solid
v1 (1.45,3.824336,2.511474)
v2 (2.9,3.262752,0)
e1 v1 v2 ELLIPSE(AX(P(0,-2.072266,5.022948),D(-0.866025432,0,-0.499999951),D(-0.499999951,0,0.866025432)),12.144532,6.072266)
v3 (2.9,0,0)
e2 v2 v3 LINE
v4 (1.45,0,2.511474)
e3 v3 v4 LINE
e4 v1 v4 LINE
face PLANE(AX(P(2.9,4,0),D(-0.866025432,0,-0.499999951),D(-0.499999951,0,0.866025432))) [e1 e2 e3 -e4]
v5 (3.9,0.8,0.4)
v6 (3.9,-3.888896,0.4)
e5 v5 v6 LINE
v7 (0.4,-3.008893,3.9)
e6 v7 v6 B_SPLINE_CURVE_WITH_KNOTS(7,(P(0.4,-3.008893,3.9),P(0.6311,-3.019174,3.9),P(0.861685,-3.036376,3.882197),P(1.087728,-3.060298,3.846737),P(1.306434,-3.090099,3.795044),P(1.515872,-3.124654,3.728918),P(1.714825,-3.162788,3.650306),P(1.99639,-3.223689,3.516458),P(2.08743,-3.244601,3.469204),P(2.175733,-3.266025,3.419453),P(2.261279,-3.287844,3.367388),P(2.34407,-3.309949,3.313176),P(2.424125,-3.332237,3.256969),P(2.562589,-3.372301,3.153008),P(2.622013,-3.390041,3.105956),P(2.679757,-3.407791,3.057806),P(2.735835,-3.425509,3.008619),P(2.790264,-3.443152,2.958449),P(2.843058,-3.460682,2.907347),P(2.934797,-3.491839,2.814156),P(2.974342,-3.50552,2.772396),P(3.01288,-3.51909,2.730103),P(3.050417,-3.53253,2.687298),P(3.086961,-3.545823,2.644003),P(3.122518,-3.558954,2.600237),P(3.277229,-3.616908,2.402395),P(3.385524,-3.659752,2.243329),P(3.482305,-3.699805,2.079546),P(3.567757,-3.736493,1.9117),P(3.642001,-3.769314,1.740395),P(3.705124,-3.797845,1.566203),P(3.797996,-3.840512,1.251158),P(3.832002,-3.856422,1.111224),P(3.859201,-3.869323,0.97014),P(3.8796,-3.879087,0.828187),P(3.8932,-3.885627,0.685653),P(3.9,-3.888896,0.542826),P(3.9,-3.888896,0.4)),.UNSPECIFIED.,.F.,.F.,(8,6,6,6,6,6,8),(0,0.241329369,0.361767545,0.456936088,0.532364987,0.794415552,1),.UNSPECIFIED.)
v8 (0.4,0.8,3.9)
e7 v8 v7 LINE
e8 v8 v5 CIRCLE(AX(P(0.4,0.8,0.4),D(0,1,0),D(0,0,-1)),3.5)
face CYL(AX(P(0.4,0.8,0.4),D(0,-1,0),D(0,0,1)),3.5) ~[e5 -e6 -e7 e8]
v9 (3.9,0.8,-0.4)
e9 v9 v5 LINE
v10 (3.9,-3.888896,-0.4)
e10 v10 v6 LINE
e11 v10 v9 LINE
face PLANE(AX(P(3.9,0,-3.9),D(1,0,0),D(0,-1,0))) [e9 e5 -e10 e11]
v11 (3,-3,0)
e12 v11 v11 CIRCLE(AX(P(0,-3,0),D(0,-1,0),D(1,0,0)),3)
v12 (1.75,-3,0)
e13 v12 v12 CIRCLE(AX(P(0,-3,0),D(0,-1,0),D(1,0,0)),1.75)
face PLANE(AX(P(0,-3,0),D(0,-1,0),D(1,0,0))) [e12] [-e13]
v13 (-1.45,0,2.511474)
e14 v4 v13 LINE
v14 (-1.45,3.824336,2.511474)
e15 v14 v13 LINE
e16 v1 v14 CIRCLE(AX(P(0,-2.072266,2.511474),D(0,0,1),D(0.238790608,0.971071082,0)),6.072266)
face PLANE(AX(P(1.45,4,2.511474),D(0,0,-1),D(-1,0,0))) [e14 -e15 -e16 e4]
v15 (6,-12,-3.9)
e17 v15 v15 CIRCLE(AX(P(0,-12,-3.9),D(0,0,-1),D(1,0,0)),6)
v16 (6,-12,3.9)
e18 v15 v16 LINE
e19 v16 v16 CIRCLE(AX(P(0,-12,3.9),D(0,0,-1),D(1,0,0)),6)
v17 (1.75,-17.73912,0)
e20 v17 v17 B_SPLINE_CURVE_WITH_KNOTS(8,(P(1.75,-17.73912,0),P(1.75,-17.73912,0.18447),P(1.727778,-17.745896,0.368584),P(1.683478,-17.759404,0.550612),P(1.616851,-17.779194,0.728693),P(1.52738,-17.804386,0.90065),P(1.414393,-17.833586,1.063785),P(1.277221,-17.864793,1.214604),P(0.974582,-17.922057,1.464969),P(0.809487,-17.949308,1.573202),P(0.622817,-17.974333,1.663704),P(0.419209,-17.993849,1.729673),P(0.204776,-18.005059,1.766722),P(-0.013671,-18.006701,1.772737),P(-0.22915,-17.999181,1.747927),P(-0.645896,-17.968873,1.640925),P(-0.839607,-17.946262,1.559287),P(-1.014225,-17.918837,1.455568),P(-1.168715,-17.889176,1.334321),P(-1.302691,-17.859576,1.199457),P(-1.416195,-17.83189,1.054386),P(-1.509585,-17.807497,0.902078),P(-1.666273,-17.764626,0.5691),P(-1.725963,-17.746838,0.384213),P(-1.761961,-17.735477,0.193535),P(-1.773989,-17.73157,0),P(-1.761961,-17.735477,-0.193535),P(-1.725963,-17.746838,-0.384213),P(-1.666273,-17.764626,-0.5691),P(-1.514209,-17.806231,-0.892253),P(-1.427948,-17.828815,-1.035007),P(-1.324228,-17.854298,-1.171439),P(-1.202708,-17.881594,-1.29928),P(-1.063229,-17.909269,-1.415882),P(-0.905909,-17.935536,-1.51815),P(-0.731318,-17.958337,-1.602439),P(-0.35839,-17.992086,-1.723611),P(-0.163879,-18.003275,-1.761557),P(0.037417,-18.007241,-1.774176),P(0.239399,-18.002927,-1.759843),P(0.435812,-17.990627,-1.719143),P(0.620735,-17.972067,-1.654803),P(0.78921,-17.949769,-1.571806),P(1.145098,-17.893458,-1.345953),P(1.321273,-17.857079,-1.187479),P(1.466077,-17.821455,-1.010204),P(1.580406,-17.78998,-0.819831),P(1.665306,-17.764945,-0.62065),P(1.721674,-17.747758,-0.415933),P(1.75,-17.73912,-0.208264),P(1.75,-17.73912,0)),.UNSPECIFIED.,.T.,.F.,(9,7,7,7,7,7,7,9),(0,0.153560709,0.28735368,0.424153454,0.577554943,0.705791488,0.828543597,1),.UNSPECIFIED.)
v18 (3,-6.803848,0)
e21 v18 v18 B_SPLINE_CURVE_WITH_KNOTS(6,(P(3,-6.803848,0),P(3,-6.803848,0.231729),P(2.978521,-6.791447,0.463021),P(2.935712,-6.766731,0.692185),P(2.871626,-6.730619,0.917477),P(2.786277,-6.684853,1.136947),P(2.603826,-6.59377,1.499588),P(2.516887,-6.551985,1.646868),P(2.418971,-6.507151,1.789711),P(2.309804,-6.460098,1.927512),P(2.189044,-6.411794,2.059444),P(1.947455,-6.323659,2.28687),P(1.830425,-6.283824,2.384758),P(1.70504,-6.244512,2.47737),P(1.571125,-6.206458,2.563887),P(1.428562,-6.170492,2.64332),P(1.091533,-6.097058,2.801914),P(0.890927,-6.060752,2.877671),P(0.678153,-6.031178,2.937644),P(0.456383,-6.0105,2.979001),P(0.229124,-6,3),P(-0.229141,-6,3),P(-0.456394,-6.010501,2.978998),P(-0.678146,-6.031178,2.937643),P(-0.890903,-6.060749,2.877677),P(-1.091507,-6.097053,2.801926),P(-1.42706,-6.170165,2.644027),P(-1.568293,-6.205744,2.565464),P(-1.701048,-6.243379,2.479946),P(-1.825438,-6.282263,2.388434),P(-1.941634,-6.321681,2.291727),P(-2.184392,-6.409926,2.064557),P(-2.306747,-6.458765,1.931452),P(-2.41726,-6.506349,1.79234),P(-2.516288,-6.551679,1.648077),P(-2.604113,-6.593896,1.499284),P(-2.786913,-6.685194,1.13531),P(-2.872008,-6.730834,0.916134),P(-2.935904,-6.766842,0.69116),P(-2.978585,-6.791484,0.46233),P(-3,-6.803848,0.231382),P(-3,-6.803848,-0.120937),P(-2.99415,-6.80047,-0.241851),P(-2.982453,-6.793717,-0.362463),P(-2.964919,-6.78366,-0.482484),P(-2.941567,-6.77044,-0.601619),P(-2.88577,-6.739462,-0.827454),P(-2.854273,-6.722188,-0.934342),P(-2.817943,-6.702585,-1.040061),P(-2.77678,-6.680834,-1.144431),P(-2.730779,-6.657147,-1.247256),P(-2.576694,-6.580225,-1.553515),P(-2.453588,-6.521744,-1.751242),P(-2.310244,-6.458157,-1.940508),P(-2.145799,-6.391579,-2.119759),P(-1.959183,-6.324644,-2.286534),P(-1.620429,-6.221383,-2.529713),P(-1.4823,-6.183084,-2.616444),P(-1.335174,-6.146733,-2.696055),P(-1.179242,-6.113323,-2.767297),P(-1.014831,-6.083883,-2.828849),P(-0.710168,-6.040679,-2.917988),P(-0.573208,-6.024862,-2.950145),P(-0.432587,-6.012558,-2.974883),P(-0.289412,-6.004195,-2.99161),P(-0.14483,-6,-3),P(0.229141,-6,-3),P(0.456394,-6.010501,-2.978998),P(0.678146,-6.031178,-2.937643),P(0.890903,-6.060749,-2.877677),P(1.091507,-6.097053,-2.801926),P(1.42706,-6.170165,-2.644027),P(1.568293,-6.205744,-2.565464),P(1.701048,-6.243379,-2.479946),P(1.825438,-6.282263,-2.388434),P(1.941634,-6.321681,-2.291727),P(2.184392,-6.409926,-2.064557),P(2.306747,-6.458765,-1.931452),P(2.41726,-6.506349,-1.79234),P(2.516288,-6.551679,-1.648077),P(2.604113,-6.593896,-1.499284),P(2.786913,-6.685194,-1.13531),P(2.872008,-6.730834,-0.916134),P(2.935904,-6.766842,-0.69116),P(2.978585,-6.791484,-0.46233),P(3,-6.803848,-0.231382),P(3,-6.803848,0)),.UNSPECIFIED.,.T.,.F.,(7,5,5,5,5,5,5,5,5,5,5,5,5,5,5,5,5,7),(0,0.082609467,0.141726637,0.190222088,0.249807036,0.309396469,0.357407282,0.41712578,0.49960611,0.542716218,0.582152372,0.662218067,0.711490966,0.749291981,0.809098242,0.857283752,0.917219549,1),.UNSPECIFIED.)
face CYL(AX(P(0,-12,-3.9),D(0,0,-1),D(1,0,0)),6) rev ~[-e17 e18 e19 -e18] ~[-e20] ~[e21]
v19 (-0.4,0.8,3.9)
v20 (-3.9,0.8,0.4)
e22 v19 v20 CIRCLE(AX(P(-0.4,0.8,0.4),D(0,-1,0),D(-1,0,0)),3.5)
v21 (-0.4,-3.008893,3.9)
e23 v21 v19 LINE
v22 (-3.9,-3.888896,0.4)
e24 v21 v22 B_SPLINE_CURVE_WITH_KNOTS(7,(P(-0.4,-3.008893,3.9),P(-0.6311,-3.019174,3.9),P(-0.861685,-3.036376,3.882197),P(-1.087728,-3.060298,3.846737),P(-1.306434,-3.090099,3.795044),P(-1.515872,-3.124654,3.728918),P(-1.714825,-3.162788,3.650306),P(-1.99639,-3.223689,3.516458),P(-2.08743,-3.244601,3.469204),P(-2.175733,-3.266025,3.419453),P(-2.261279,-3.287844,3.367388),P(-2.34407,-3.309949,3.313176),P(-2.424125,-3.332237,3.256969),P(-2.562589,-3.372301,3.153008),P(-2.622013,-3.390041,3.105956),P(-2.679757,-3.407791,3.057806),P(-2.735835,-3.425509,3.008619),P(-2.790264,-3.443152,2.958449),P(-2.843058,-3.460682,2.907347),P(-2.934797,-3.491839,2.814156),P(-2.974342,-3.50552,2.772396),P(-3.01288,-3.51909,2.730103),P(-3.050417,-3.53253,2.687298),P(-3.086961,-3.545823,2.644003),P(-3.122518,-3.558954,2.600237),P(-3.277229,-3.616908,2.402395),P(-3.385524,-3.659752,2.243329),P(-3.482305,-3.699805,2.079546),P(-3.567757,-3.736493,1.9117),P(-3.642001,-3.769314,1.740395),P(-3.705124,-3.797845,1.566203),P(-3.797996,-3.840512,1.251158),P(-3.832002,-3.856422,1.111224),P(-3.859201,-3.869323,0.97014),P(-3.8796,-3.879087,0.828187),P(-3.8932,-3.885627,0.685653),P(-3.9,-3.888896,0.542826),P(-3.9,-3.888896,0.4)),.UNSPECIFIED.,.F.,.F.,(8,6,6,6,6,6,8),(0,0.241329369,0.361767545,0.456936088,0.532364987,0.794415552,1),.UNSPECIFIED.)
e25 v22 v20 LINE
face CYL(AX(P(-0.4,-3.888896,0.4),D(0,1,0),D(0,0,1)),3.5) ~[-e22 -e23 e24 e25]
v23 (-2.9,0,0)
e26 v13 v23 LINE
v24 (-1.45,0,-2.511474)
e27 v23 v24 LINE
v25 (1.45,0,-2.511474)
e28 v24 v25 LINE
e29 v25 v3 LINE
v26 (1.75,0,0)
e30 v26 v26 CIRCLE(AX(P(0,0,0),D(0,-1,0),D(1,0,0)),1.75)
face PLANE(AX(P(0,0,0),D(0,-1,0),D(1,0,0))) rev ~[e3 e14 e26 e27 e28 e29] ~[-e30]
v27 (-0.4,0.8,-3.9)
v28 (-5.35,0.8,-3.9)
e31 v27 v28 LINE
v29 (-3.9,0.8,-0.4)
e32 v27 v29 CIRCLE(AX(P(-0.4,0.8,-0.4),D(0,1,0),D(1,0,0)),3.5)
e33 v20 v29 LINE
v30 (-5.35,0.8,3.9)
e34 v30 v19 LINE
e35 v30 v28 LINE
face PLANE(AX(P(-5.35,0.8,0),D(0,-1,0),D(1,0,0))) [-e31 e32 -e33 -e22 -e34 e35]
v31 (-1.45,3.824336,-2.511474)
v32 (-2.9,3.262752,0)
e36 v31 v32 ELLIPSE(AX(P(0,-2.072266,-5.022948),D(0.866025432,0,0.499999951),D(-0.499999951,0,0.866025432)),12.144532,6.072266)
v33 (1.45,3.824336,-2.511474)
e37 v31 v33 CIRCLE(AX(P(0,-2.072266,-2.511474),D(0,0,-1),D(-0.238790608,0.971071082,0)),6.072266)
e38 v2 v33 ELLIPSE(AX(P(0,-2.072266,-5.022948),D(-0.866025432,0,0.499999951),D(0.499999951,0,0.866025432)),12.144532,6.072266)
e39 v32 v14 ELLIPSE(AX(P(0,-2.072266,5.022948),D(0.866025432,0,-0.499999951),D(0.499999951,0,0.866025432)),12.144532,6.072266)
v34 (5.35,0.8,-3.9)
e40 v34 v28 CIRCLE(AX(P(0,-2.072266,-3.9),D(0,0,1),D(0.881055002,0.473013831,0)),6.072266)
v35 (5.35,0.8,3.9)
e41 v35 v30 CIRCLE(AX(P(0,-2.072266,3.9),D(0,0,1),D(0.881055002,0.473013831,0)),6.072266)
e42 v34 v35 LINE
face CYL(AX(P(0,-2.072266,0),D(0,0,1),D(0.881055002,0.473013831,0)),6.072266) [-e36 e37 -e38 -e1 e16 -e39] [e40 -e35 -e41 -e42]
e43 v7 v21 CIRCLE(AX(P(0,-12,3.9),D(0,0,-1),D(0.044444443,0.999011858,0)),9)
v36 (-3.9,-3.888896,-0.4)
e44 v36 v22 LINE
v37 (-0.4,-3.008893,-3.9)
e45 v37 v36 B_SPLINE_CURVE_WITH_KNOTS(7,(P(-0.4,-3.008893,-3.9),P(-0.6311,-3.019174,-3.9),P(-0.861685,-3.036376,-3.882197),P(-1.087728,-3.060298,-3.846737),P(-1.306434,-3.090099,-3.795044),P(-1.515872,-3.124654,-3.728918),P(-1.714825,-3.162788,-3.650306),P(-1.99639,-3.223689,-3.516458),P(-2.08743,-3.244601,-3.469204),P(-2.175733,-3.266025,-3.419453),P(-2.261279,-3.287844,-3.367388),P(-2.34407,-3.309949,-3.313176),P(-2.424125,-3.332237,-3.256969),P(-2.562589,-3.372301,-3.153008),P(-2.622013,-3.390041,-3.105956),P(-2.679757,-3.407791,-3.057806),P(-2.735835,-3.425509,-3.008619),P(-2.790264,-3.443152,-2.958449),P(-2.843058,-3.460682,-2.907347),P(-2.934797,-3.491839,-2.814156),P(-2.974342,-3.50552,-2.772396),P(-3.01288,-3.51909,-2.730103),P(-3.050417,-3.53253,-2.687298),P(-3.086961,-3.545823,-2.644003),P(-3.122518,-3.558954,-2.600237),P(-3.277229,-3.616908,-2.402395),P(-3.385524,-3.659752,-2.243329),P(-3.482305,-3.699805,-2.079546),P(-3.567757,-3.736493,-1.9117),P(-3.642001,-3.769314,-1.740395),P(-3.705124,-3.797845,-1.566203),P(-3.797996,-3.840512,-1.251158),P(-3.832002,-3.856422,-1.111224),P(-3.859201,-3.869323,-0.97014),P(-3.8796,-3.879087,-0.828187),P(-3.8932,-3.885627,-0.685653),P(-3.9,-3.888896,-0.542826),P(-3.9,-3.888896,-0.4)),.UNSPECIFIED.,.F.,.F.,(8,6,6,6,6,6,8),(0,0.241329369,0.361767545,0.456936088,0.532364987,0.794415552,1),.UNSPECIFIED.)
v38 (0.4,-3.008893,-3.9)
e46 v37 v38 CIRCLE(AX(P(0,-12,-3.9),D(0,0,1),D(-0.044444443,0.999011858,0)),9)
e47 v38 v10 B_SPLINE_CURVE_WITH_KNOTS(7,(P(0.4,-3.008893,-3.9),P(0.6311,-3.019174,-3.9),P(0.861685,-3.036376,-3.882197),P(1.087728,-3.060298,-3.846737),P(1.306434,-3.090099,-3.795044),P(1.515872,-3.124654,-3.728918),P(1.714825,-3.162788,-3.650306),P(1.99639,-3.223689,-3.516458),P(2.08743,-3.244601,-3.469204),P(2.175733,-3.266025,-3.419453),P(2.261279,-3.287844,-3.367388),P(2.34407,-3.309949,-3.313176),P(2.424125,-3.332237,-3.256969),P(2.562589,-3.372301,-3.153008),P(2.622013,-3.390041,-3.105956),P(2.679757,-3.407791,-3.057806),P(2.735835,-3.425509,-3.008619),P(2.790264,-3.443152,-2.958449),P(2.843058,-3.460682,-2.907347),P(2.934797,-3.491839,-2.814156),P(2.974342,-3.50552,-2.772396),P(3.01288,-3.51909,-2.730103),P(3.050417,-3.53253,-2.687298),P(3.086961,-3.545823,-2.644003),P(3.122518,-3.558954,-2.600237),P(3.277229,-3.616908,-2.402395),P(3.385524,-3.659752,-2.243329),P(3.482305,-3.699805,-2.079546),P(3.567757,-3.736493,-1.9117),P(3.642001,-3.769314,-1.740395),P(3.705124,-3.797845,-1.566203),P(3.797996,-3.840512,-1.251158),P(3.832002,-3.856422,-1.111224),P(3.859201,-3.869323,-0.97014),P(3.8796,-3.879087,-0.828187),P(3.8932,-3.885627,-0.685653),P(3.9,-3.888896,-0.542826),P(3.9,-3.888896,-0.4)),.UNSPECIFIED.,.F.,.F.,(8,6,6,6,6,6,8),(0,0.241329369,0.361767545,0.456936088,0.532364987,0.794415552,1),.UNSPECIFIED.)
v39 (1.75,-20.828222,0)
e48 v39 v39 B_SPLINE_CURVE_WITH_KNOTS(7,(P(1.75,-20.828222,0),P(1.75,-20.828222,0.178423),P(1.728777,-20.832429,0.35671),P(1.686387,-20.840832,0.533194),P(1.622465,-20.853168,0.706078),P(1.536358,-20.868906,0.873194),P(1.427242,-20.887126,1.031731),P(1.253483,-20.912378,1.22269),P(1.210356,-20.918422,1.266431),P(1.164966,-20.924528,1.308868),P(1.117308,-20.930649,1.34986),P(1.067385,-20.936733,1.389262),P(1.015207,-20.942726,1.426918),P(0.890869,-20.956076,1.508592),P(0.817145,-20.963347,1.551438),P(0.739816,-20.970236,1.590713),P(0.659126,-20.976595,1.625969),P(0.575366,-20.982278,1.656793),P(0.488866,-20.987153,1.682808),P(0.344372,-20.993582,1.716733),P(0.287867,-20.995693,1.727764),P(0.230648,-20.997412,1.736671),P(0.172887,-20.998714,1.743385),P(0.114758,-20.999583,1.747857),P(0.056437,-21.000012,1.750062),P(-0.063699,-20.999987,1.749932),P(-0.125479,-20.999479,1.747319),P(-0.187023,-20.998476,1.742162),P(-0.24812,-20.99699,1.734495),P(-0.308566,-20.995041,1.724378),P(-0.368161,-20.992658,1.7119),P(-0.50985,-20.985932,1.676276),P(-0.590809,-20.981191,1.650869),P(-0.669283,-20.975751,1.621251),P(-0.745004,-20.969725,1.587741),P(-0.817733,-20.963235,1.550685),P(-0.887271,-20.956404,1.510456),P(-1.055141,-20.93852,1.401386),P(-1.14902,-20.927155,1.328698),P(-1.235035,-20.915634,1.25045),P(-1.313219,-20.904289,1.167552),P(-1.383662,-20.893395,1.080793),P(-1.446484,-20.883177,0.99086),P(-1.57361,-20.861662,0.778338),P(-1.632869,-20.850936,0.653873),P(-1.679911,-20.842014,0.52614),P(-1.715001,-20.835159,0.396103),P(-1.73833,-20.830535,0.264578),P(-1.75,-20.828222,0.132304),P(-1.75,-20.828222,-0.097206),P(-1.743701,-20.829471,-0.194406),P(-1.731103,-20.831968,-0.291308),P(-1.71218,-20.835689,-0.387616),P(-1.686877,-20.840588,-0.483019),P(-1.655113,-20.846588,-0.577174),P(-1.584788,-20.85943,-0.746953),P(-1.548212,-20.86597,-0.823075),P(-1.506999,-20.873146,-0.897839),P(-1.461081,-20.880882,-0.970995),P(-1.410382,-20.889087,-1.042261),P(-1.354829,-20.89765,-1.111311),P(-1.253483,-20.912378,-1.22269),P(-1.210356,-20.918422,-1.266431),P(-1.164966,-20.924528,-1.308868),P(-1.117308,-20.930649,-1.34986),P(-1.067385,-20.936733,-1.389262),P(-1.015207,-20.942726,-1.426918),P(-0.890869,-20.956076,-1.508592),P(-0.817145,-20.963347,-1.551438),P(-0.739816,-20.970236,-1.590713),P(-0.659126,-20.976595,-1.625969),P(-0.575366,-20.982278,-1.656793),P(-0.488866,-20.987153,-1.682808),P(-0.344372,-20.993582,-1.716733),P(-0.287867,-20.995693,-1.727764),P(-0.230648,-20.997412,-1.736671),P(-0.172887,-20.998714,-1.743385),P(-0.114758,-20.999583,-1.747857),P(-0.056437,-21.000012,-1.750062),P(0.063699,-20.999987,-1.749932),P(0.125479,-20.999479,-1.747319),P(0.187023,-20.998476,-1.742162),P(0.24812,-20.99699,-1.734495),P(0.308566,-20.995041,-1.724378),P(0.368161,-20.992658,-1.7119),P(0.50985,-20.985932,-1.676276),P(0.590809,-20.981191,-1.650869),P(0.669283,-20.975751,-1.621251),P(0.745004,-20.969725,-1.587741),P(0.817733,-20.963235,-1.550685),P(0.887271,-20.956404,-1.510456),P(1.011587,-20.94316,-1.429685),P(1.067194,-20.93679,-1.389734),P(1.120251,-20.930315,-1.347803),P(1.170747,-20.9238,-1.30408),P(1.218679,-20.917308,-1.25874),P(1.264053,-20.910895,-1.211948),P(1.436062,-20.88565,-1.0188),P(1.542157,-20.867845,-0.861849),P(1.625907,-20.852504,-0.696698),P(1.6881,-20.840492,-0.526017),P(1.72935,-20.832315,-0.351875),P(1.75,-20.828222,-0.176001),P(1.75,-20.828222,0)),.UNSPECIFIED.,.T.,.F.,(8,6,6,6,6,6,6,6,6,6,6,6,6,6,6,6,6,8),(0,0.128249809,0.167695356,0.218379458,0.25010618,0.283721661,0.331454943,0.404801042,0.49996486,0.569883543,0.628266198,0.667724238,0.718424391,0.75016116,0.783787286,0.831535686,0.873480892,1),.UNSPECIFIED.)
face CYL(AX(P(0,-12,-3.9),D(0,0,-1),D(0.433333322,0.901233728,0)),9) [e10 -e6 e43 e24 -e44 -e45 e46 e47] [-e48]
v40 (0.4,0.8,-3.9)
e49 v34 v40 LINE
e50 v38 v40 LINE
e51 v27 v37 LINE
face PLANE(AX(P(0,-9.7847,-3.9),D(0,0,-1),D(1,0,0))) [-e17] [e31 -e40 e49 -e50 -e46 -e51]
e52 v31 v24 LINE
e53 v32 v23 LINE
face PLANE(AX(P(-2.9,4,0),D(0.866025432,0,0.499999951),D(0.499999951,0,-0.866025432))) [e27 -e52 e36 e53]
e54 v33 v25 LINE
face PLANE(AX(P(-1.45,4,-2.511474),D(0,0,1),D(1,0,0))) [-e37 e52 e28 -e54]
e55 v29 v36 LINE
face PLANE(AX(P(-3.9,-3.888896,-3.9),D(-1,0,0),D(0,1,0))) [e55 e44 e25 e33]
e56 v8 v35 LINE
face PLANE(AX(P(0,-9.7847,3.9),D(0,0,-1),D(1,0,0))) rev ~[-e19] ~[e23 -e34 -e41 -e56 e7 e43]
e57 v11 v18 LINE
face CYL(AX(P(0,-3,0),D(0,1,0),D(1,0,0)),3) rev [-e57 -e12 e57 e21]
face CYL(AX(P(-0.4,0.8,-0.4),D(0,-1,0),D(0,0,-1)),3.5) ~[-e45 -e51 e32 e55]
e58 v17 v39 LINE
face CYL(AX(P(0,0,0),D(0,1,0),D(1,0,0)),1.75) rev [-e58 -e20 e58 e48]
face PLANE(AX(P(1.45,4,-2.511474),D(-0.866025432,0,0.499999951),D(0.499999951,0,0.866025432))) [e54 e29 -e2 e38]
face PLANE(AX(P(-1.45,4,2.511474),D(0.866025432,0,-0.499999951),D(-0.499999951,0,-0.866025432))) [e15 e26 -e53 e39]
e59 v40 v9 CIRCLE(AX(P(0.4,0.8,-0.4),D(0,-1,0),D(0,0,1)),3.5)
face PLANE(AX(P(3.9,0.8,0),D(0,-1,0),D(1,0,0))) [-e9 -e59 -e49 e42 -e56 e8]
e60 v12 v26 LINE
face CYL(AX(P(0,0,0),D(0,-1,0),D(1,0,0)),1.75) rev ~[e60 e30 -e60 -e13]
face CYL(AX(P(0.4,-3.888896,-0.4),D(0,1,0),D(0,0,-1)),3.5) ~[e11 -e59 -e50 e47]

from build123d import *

# Parameters (mm, degrees)
PAD_DEPTH         = 3.9
SKETCH001_R       = 6
PAD001_DEPTH      = 7.8
FILLET_R          = 3.5
SKETCH002_R       = 1.75
POCKET_DEPTH      = 4.001
POCKET_DEPTH_BACK = 21.001
POCKET001_DEPTH   = 4
SKETCH004_R       = 3
POCKET002_DEPTH   = 6


with BuildPart() as part:
    # Sketch → Pad (new body, symmetric)
    with BuildSketch(Plane.XY):
        with BuildLine():
            Line((-3.9, 0), (3.9, 0))
            Line((3.9, 0), (3.9, 0.8))
            Line((3.9, 0.8), (5.35, 0.8))
            ThreePointArc((5.35, 0.8), (0, 4), (-5.35, 0.8))
            Line((-5.35, 0.8), (-3.9, 0.8))
            Line((-3.9, 0.8), (-3.9, 0))
        make_face()
    extrude(amount=PAD_DEPTH, both=True)

    # Sketch001 (on Face7 of Pad) → Pad001 (join)
    with BuildSketch(Plane(origin=(0, 0, -3.9), x_dir=(1, 0, 0), z_dir=(0, 0, -1))):
        with BuildLine():
            ThreePointArc((3.9, 3.888896), (0, 21), (-3.9, 3.888896))
            Line((-3.9, 3.888896), (-3.9, 0))
            Line((-3.9, 0), (3.9, 0))
            Line((3.9, 0), (3.9, 3.888896))
        make_face()
        with Locations((0, 12)):
            Circle(SKETCH001_R, mode=Mode.SUBTRACT)
    extrude(amount=-PAD001_DEPTH)

    # Fillet
    fillet_edges = [part.edges().sort_by_distance(p)[0] for p in [
        (-3.9, -1.944448, -3.9),
        (-3.9, -1.944448, 3.9),
        (3.9, -1.944448, 3.9),
        (3.9, -1.944448, -3.9),
    ]]
    fillet(fillet_edges, radius=FILLET_R)

    # Sketch002 → Pocket (cut, two sides)
    with BuildSketch(Plane.XZ) as pocket_sk:
        Circle(SKETCH002_R)
    extrude(amount=-POCKET_DEPTH, mode=Mode.SUBTRACT)
    extrude(pocket_sk.sketch, amount=POCKET_DEPTH_BACK, mode=Mode.SUBTRACT)

    # Sketch003 (on DatumPlane) → Pocket001 (cut)
    with BuildSketch(Plane.XZ.offset(-4)):
        Polygon((-1.45, -2.511474), (1.45, -2.511474), (2.9, 0), (1.45, 2.511474), (-1.45, 2.511474), (-2.9, 0), align=None)
    extrude(amount=POCKET001_DEPTH, mode=Mode.SUBTRACT)

    # Sketch004 (on DatumPlane) → Pocket002 (cut)
    with BuildSketch(Plane.XZ.offset(3)):
        Circle(SKETCH004_R)
    extrude(amount=POCKET002_DEPTH, mode=Mode.SUBTRACT)


solid = part.part
